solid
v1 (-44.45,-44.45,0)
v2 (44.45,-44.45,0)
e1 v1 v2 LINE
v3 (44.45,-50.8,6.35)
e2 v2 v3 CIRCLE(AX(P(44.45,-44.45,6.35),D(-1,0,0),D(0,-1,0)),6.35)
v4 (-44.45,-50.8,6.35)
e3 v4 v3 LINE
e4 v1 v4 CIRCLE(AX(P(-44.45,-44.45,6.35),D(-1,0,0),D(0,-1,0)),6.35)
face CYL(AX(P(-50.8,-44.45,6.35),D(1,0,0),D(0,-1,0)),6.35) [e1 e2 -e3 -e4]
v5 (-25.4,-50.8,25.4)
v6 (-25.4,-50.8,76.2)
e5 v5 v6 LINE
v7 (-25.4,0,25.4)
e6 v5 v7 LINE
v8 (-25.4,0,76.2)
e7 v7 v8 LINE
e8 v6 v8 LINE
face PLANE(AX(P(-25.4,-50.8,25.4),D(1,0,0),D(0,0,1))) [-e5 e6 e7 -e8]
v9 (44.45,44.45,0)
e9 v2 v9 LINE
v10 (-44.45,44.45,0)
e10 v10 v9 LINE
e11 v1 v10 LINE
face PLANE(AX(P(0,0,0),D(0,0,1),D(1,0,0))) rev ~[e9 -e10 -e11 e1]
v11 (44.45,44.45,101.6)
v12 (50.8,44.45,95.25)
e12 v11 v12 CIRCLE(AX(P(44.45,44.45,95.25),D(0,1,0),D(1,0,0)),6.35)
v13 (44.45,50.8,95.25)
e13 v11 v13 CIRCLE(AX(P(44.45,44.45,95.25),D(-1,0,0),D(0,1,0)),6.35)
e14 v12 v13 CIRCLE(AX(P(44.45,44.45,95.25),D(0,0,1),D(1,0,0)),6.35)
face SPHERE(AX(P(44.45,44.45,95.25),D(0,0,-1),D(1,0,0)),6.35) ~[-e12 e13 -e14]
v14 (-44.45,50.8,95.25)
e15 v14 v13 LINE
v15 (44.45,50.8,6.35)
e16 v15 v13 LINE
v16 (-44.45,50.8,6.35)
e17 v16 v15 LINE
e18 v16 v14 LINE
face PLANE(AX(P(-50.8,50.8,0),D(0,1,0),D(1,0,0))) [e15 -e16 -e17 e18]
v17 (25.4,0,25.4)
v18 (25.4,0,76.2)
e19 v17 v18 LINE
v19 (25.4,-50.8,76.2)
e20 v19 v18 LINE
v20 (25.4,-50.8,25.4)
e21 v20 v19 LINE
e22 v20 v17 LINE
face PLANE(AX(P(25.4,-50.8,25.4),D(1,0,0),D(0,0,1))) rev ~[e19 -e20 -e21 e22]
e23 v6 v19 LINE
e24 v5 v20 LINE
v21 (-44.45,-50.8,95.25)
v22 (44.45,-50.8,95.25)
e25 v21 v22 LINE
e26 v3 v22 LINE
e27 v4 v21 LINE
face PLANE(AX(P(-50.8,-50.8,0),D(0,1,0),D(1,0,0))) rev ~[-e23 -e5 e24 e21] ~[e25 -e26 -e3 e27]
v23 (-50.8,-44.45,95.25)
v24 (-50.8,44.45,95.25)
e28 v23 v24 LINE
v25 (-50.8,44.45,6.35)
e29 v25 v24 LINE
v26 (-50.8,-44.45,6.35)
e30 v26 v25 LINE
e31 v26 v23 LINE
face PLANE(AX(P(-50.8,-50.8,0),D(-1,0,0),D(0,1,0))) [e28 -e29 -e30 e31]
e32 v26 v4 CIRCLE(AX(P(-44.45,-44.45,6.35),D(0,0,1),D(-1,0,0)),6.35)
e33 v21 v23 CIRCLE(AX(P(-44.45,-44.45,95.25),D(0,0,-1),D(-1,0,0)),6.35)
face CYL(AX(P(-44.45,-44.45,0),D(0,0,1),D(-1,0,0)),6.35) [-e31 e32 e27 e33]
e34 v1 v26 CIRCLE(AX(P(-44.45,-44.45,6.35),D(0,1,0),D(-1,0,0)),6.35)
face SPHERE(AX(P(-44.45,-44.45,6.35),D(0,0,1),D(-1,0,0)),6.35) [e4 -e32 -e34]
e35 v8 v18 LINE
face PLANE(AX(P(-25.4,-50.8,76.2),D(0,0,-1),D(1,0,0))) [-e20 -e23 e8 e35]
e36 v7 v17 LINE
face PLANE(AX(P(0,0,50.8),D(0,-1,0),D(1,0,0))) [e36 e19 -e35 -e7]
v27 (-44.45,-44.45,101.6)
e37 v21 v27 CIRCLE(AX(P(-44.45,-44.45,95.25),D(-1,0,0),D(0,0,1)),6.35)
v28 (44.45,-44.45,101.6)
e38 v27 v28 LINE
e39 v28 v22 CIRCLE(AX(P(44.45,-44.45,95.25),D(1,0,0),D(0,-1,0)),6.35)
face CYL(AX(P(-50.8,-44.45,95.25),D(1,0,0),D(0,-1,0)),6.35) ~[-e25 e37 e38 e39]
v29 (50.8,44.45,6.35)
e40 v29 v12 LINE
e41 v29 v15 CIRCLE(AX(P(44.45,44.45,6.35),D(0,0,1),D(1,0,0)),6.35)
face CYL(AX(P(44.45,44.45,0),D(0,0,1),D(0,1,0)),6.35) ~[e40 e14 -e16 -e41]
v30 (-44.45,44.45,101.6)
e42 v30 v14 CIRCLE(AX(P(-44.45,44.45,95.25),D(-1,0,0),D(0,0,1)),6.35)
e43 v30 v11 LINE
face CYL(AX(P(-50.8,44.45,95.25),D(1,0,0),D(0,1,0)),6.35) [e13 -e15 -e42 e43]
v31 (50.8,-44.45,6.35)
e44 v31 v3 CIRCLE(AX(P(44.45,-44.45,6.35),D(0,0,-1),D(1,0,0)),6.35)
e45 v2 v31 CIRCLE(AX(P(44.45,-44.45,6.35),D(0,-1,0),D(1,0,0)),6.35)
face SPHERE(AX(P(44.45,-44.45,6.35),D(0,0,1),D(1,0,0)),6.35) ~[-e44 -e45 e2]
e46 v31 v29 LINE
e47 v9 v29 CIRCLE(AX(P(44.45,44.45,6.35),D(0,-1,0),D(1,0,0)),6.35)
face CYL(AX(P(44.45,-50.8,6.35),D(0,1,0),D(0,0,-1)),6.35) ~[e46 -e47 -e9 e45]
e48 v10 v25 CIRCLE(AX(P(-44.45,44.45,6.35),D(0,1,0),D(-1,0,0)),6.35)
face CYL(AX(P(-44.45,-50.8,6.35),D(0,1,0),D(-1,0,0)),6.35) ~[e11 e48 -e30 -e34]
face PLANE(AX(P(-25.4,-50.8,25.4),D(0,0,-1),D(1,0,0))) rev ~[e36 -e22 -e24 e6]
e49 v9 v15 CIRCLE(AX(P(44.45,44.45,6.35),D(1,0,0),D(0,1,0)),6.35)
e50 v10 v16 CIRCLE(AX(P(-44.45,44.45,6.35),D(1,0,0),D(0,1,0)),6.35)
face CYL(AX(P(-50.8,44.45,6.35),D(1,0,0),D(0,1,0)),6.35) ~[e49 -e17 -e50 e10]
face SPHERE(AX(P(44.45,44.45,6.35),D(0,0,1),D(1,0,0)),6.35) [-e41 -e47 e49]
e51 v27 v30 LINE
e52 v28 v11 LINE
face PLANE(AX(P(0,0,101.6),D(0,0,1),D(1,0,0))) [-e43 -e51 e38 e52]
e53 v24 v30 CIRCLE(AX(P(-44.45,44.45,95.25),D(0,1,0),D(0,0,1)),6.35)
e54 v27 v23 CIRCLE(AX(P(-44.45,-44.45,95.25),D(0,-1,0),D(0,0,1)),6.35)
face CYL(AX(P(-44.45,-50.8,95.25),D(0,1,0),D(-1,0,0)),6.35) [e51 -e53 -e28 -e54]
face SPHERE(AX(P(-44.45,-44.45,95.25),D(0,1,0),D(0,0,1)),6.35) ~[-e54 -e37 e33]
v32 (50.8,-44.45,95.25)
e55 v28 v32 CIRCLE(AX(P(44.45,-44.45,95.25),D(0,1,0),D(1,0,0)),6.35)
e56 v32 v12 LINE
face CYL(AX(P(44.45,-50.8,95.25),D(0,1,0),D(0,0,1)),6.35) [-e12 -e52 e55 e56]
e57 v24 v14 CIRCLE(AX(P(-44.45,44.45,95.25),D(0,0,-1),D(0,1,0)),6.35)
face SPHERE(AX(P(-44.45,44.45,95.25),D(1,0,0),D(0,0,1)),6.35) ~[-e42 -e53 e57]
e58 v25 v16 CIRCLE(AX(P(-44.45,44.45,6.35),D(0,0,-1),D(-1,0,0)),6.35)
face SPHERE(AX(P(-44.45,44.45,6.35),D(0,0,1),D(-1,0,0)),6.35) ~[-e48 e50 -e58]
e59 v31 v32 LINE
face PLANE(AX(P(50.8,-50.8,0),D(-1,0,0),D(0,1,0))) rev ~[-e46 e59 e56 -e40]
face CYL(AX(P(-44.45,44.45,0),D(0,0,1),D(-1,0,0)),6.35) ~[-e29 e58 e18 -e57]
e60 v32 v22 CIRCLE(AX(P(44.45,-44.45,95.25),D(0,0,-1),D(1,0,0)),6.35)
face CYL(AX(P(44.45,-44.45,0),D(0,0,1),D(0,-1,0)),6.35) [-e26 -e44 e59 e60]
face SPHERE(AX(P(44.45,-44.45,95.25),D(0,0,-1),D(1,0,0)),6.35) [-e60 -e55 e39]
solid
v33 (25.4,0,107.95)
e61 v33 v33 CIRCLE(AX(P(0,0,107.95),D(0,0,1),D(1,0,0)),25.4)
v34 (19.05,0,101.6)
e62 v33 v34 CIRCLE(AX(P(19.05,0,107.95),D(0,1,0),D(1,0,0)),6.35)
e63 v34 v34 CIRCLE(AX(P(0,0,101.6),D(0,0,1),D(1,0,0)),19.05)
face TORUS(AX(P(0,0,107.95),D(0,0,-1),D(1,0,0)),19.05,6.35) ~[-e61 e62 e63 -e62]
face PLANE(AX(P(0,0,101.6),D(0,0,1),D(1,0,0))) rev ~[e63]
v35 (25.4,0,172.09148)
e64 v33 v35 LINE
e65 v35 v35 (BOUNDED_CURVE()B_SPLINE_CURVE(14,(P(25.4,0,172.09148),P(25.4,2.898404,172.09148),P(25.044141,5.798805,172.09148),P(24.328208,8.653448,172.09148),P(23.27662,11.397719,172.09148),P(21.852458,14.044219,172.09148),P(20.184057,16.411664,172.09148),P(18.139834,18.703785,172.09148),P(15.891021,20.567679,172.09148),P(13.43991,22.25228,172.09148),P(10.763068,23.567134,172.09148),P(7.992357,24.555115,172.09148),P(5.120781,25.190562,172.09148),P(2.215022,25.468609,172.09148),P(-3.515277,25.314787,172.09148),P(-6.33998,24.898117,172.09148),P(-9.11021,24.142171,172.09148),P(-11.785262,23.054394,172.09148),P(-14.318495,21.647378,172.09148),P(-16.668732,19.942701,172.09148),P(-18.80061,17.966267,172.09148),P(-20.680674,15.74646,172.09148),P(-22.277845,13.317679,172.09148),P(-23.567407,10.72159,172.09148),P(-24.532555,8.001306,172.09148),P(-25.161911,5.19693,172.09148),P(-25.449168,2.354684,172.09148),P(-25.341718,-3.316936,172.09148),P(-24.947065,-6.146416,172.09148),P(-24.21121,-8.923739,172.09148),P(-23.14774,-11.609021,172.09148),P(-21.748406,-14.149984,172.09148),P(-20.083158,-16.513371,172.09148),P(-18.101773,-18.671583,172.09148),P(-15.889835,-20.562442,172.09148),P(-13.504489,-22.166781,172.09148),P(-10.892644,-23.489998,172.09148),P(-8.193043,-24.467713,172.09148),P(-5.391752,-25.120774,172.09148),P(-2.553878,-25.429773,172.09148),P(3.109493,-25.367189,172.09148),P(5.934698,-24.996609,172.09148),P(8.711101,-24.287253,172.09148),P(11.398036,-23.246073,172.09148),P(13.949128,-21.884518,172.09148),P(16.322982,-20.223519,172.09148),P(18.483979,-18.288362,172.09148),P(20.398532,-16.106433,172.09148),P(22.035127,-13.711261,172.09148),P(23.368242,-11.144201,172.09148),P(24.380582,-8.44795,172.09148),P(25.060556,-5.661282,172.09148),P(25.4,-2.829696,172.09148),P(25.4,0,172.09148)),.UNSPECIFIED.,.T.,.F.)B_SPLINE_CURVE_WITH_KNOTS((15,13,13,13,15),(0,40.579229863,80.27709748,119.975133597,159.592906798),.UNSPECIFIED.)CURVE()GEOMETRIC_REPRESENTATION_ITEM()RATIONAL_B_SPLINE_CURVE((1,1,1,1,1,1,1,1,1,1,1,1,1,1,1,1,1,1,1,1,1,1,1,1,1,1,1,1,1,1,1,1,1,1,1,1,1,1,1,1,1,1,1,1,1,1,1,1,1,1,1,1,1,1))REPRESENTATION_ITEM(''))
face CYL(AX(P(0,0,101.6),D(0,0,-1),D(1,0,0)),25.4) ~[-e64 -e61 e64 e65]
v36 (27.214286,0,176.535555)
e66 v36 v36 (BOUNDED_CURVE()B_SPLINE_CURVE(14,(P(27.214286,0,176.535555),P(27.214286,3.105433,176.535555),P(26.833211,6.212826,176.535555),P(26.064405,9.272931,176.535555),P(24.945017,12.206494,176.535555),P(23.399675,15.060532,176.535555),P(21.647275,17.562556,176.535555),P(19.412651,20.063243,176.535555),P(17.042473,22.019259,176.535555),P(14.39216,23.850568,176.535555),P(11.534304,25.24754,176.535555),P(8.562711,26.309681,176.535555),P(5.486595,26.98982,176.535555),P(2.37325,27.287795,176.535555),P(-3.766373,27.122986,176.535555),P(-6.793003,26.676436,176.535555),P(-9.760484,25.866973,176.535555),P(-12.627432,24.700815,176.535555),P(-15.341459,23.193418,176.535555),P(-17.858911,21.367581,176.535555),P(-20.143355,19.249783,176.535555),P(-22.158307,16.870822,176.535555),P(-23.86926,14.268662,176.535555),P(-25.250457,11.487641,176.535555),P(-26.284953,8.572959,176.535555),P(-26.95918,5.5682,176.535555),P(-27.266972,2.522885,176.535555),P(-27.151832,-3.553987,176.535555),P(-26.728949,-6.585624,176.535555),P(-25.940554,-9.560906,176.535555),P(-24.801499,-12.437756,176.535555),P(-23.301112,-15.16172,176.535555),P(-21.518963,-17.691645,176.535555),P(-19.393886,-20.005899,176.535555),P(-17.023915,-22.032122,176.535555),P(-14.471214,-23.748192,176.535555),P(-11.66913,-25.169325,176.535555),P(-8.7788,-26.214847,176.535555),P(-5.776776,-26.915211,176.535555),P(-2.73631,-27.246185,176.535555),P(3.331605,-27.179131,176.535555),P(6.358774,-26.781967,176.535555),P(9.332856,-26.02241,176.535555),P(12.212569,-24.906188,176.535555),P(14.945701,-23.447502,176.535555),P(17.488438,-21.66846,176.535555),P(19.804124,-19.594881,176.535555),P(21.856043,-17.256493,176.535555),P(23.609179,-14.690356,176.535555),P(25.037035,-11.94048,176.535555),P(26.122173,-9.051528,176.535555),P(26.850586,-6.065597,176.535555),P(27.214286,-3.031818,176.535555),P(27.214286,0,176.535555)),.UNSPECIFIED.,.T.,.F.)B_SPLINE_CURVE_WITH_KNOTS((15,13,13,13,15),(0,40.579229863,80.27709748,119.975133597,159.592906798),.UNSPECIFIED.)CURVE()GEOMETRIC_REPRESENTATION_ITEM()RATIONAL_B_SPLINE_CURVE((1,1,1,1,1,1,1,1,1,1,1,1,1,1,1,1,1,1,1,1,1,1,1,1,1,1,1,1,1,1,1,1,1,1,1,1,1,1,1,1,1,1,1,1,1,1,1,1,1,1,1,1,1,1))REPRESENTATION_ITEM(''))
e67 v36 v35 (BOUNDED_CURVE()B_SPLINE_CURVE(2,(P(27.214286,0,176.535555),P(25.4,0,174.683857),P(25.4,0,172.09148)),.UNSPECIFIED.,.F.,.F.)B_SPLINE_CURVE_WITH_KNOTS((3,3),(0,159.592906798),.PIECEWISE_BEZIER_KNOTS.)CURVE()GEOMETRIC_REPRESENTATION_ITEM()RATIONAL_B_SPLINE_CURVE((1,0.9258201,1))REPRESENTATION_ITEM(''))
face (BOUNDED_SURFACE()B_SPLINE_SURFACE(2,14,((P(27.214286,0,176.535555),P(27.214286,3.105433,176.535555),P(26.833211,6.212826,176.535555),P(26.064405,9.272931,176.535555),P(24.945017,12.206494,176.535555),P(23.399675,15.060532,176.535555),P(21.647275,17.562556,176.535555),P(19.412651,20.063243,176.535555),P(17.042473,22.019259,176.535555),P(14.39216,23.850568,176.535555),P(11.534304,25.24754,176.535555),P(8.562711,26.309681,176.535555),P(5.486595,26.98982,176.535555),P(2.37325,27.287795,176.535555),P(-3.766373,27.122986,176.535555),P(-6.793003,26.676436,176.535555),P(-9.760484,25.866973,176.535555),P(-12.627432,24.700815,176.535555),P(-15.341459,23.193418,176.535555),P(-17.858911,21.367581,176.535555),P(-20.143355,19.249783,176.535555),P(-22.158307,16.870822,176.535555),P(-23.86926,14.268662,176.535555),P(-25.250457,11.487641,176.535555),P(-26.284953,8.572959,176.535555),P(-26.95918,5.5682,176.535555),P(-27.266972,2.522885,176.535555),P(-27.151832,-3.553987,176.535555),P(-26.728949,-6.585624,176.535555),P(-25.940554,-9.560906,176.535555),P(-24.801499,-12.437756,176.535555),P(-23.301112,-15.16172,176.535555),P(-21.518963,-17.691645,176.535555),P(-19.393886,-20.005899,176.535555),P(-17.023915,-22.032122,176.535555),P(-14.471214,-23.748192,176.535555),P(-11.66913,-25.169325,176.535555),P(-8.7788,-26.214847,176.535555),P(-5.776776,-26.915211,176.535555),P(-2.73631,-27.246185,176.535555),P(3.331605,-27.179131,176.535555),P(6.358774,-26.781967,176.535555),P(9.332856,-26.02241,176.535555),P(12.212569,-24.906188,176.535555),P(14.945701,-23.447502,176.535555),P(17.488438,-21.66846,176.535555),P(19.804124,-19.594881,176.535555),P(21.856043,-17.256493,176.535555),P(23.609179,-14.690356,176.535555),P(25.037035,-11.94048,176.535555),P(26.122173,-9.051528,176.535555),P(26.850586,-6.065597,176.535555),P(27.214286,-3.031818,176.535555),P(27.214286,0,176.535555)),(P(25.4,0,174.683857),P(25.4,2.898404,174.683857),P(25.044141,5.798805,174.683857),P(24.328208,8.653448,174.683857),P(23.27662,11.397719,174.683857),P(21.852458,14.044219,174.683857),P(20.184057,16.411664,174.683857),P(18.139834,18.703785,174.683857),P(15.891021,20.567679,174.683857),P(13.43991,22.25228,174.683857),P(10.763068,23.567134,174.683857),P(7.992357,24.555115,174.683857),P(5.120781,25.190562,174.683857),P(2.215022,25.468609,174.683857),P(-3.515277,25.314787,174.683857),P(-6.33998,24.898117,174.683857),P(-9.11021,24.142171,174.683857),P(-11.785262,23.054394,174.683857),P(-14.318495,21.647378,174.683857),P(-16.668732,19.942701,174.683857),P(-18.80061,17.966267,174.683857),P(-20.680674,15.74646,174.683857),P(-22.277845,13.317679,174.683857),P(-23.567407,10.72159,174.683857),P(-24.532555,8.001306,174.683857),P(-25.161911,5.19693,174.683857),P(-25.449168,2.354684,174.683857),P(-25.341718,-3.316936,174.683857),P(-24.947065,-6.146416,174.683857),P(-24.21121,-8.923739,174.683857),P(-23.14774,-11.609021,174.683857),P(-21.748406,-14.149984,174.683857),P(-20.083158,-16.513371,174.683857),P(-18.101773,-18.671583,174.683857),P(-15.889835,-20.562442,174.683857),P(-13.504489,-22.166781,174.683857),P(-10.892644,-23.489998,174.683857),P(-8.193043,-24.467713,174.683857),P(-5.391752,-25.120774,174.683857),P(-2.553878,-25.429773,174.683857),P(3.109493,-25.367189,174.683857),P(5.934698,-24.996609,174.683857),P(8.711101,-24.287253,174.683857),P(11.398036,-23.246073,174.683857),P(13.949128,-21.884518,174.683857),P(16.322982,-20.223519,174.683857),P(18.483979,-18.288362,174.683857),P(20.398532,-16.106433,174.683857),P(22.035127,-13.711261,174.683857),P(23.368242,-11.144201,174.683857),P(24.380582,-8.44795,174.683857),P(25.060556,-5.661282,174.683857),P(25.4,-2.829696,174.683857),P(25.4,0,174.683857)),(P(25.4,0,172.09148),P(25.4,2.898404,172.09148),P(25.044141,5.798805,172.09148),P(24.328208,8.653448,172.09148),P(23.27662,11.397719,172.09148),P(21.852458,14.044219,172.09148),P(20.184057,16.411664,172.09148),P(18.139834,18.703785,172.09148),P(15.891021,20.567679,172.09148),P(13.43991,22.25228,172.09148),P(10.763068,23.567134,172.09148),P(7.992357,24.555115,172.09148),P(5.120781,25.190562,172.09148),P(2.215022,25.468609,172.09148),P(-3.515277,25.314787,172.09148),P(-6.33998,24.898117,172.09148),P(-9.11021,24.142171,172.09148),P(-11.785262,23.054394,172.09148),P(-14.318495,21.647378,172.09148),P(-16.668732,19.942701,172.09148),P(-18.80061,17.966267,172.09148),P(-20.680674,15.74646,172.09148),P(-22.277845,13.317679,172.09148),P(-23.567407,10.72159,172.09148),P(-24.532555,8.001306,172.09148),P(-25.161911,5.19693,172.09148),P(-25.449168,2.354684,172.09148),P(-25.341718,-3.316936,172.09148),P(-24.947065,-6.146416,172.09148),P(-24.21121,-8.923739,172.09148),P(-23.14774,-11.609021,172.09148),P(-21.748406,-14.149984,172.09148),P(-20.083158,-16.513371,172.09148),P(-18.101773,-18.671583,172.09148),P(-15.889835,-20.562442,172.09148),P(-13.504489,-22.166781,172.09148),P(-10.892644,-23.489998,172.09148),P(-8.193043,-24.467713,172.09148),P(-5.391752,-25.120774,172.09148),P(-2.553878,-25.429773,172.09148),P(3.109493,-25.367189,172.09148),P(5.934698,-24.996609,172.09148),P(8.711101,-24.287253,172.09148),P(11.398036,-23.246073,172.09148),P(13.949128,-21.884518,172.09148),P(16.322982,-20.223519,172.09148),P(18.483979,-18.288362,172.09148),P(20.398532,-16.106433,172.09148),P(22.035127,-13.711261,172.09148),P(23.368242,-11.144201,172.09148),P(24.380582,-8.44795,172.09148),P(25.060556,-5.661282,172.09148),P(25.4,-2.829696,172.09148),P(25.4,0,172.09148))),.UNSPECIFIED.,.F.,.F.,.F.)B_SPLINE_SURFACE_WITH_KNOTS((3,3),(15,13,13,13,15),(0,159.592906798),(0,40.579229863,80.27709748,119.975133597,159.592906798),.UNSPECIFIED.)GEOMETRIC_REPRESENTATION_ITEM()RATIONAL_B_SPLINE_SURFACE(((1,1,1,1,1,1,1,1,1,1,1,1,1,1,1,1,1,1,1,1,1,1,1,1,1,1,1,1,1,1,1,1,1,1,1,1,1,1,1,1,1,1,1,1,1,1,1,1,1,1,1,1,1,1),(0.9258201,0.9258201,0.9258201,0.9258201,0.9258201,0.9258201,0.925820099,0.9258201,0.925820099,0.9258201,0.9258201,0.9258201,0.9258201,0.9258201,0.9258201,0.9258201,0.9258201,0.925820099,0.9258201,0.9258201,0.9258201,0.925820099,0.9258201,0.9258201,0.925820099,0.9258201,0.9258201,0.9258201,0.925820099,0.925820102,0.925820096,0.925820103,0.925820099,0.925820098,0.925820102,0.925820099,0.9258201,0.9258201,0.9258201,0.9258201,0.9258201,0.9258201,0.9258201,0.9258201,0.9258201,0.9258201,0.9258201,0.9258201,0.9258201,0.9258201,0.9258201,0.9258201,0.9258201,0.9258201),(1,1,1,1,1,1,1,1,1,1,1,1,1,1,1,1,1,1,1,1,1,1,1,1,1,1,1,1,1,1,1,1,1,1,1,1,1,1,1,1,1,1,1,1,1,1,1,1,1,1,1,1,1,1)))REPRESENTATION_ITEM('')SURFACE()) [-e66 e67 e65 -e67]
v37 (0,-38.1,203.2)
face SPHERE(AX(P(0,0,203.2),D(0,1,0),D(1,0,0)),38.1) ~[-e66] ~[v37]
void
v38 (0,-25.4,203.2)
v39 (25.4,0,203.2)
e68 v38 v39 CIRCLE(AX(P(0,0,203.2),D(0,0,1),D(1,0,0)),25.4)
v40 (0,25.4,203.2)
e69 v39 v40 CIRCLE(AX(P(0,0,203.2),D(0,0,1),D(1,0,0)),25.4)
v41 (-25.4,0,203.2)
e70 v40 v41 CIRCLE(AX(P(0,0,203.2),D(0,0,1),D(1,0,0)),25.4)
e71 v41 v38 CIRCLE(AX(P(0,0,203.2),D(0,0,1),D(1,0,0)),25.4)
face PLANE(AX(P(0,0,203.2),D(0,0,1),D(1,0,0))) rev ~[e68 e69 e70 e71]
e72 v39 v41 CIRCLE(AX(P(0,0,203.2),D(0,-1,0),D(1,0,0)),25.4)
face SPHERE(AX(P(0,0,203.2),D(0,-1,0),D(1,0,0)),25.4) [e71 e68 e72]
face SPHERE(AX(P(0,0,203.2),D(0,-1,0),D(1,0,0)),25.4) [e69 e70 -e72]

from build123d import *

# Parameters (mm, degrees)
F0_W     = 101.6
F0_H     = 101.6
F1_DEPTH = 101.6
F2_R     = 25.4
F3_DEPTH = 101.6
F6_W     = 50.8
F6_H     = 50.8
F7_DEPTH = 50.8
F8_R     = 6.35
F8_2_R   = 6.35


with BuildPart() as f1:
    # F0 (on Top) → F1 (new body)
    with BuildSketch(Plane.XY):
        Rectangle(F0_W, F0_H)
    extrude(amount=F1_DEPTH)

    # F6 (on face) → F7 (cut)
    with BuildSketch(Plane.XZ.offset(50.8)):
        with Locations((0, 50.8)):
            Rectangle(F6_W, F6_H)
    extrude(amount=-F7_DEPTH, mode=Mode.SUBTRACT)

    # F8
    f8_edges = [f1.edges().sort_by_distance(p)[0] for p in [
        (50.8, -50.8, 50.8),
        (50.8, 50.8, 50.8),
        (50.8, 0, 0),
        (50.8, 0, 101.6),
        (0, 50.8, 101.6),
        (-50.8, 0, 101.6),
        (0, -50.8, 101.6),
        (-50.8, 50.8, 50.8),
        (-50.8, -50.8, 50.8),
        (-50.8, 0, 0),
        (0, 50.8, 0),
        (0, -50.8, 0),
    ]]
    fillet(f8_edges, radius=F8_R)


with BuildPart() as f3:
    # F2 (on face) → F3 (new body)
    with BuildSketch(Plane.XY.offset(101.6)):
        Circle(F2_R)
    extrude(amount=F3_DEPTH)

    # F4 (on face) → F5 (revolve)
    with BuildSketch(Plane.XY.offset(203.2)):
        with BuildLine():
            Line((0, -25.4), (0, -38.1))
            ThreePointArc((0, -38.1), (38.1, 0), (0, 38.1))
            Line((0, 38.1), (0, 25.4))
            ThreePointArc((0, 25.4), (17.9605122421, 17.9605122421), (25.4, 0))
            ThreePointArc((25.4, 0), (17.9605122421, -17.9605122421), (0, -25.4))
        make_face()
    revolve(axis=Axis((0, 0, 203.2), (0, -1, 0)))

    # F8#2
    f8_2_edges = [f3.edges().sort_by_distance(p)[0] for p in [
        (-25.4, 0, 101.6),
        (-25.4, 0, 174.801937),
    ]]
    fillet(f8_2_edges, radius=F8_2_R)


solid = Compound([f1.part, f3.part])
